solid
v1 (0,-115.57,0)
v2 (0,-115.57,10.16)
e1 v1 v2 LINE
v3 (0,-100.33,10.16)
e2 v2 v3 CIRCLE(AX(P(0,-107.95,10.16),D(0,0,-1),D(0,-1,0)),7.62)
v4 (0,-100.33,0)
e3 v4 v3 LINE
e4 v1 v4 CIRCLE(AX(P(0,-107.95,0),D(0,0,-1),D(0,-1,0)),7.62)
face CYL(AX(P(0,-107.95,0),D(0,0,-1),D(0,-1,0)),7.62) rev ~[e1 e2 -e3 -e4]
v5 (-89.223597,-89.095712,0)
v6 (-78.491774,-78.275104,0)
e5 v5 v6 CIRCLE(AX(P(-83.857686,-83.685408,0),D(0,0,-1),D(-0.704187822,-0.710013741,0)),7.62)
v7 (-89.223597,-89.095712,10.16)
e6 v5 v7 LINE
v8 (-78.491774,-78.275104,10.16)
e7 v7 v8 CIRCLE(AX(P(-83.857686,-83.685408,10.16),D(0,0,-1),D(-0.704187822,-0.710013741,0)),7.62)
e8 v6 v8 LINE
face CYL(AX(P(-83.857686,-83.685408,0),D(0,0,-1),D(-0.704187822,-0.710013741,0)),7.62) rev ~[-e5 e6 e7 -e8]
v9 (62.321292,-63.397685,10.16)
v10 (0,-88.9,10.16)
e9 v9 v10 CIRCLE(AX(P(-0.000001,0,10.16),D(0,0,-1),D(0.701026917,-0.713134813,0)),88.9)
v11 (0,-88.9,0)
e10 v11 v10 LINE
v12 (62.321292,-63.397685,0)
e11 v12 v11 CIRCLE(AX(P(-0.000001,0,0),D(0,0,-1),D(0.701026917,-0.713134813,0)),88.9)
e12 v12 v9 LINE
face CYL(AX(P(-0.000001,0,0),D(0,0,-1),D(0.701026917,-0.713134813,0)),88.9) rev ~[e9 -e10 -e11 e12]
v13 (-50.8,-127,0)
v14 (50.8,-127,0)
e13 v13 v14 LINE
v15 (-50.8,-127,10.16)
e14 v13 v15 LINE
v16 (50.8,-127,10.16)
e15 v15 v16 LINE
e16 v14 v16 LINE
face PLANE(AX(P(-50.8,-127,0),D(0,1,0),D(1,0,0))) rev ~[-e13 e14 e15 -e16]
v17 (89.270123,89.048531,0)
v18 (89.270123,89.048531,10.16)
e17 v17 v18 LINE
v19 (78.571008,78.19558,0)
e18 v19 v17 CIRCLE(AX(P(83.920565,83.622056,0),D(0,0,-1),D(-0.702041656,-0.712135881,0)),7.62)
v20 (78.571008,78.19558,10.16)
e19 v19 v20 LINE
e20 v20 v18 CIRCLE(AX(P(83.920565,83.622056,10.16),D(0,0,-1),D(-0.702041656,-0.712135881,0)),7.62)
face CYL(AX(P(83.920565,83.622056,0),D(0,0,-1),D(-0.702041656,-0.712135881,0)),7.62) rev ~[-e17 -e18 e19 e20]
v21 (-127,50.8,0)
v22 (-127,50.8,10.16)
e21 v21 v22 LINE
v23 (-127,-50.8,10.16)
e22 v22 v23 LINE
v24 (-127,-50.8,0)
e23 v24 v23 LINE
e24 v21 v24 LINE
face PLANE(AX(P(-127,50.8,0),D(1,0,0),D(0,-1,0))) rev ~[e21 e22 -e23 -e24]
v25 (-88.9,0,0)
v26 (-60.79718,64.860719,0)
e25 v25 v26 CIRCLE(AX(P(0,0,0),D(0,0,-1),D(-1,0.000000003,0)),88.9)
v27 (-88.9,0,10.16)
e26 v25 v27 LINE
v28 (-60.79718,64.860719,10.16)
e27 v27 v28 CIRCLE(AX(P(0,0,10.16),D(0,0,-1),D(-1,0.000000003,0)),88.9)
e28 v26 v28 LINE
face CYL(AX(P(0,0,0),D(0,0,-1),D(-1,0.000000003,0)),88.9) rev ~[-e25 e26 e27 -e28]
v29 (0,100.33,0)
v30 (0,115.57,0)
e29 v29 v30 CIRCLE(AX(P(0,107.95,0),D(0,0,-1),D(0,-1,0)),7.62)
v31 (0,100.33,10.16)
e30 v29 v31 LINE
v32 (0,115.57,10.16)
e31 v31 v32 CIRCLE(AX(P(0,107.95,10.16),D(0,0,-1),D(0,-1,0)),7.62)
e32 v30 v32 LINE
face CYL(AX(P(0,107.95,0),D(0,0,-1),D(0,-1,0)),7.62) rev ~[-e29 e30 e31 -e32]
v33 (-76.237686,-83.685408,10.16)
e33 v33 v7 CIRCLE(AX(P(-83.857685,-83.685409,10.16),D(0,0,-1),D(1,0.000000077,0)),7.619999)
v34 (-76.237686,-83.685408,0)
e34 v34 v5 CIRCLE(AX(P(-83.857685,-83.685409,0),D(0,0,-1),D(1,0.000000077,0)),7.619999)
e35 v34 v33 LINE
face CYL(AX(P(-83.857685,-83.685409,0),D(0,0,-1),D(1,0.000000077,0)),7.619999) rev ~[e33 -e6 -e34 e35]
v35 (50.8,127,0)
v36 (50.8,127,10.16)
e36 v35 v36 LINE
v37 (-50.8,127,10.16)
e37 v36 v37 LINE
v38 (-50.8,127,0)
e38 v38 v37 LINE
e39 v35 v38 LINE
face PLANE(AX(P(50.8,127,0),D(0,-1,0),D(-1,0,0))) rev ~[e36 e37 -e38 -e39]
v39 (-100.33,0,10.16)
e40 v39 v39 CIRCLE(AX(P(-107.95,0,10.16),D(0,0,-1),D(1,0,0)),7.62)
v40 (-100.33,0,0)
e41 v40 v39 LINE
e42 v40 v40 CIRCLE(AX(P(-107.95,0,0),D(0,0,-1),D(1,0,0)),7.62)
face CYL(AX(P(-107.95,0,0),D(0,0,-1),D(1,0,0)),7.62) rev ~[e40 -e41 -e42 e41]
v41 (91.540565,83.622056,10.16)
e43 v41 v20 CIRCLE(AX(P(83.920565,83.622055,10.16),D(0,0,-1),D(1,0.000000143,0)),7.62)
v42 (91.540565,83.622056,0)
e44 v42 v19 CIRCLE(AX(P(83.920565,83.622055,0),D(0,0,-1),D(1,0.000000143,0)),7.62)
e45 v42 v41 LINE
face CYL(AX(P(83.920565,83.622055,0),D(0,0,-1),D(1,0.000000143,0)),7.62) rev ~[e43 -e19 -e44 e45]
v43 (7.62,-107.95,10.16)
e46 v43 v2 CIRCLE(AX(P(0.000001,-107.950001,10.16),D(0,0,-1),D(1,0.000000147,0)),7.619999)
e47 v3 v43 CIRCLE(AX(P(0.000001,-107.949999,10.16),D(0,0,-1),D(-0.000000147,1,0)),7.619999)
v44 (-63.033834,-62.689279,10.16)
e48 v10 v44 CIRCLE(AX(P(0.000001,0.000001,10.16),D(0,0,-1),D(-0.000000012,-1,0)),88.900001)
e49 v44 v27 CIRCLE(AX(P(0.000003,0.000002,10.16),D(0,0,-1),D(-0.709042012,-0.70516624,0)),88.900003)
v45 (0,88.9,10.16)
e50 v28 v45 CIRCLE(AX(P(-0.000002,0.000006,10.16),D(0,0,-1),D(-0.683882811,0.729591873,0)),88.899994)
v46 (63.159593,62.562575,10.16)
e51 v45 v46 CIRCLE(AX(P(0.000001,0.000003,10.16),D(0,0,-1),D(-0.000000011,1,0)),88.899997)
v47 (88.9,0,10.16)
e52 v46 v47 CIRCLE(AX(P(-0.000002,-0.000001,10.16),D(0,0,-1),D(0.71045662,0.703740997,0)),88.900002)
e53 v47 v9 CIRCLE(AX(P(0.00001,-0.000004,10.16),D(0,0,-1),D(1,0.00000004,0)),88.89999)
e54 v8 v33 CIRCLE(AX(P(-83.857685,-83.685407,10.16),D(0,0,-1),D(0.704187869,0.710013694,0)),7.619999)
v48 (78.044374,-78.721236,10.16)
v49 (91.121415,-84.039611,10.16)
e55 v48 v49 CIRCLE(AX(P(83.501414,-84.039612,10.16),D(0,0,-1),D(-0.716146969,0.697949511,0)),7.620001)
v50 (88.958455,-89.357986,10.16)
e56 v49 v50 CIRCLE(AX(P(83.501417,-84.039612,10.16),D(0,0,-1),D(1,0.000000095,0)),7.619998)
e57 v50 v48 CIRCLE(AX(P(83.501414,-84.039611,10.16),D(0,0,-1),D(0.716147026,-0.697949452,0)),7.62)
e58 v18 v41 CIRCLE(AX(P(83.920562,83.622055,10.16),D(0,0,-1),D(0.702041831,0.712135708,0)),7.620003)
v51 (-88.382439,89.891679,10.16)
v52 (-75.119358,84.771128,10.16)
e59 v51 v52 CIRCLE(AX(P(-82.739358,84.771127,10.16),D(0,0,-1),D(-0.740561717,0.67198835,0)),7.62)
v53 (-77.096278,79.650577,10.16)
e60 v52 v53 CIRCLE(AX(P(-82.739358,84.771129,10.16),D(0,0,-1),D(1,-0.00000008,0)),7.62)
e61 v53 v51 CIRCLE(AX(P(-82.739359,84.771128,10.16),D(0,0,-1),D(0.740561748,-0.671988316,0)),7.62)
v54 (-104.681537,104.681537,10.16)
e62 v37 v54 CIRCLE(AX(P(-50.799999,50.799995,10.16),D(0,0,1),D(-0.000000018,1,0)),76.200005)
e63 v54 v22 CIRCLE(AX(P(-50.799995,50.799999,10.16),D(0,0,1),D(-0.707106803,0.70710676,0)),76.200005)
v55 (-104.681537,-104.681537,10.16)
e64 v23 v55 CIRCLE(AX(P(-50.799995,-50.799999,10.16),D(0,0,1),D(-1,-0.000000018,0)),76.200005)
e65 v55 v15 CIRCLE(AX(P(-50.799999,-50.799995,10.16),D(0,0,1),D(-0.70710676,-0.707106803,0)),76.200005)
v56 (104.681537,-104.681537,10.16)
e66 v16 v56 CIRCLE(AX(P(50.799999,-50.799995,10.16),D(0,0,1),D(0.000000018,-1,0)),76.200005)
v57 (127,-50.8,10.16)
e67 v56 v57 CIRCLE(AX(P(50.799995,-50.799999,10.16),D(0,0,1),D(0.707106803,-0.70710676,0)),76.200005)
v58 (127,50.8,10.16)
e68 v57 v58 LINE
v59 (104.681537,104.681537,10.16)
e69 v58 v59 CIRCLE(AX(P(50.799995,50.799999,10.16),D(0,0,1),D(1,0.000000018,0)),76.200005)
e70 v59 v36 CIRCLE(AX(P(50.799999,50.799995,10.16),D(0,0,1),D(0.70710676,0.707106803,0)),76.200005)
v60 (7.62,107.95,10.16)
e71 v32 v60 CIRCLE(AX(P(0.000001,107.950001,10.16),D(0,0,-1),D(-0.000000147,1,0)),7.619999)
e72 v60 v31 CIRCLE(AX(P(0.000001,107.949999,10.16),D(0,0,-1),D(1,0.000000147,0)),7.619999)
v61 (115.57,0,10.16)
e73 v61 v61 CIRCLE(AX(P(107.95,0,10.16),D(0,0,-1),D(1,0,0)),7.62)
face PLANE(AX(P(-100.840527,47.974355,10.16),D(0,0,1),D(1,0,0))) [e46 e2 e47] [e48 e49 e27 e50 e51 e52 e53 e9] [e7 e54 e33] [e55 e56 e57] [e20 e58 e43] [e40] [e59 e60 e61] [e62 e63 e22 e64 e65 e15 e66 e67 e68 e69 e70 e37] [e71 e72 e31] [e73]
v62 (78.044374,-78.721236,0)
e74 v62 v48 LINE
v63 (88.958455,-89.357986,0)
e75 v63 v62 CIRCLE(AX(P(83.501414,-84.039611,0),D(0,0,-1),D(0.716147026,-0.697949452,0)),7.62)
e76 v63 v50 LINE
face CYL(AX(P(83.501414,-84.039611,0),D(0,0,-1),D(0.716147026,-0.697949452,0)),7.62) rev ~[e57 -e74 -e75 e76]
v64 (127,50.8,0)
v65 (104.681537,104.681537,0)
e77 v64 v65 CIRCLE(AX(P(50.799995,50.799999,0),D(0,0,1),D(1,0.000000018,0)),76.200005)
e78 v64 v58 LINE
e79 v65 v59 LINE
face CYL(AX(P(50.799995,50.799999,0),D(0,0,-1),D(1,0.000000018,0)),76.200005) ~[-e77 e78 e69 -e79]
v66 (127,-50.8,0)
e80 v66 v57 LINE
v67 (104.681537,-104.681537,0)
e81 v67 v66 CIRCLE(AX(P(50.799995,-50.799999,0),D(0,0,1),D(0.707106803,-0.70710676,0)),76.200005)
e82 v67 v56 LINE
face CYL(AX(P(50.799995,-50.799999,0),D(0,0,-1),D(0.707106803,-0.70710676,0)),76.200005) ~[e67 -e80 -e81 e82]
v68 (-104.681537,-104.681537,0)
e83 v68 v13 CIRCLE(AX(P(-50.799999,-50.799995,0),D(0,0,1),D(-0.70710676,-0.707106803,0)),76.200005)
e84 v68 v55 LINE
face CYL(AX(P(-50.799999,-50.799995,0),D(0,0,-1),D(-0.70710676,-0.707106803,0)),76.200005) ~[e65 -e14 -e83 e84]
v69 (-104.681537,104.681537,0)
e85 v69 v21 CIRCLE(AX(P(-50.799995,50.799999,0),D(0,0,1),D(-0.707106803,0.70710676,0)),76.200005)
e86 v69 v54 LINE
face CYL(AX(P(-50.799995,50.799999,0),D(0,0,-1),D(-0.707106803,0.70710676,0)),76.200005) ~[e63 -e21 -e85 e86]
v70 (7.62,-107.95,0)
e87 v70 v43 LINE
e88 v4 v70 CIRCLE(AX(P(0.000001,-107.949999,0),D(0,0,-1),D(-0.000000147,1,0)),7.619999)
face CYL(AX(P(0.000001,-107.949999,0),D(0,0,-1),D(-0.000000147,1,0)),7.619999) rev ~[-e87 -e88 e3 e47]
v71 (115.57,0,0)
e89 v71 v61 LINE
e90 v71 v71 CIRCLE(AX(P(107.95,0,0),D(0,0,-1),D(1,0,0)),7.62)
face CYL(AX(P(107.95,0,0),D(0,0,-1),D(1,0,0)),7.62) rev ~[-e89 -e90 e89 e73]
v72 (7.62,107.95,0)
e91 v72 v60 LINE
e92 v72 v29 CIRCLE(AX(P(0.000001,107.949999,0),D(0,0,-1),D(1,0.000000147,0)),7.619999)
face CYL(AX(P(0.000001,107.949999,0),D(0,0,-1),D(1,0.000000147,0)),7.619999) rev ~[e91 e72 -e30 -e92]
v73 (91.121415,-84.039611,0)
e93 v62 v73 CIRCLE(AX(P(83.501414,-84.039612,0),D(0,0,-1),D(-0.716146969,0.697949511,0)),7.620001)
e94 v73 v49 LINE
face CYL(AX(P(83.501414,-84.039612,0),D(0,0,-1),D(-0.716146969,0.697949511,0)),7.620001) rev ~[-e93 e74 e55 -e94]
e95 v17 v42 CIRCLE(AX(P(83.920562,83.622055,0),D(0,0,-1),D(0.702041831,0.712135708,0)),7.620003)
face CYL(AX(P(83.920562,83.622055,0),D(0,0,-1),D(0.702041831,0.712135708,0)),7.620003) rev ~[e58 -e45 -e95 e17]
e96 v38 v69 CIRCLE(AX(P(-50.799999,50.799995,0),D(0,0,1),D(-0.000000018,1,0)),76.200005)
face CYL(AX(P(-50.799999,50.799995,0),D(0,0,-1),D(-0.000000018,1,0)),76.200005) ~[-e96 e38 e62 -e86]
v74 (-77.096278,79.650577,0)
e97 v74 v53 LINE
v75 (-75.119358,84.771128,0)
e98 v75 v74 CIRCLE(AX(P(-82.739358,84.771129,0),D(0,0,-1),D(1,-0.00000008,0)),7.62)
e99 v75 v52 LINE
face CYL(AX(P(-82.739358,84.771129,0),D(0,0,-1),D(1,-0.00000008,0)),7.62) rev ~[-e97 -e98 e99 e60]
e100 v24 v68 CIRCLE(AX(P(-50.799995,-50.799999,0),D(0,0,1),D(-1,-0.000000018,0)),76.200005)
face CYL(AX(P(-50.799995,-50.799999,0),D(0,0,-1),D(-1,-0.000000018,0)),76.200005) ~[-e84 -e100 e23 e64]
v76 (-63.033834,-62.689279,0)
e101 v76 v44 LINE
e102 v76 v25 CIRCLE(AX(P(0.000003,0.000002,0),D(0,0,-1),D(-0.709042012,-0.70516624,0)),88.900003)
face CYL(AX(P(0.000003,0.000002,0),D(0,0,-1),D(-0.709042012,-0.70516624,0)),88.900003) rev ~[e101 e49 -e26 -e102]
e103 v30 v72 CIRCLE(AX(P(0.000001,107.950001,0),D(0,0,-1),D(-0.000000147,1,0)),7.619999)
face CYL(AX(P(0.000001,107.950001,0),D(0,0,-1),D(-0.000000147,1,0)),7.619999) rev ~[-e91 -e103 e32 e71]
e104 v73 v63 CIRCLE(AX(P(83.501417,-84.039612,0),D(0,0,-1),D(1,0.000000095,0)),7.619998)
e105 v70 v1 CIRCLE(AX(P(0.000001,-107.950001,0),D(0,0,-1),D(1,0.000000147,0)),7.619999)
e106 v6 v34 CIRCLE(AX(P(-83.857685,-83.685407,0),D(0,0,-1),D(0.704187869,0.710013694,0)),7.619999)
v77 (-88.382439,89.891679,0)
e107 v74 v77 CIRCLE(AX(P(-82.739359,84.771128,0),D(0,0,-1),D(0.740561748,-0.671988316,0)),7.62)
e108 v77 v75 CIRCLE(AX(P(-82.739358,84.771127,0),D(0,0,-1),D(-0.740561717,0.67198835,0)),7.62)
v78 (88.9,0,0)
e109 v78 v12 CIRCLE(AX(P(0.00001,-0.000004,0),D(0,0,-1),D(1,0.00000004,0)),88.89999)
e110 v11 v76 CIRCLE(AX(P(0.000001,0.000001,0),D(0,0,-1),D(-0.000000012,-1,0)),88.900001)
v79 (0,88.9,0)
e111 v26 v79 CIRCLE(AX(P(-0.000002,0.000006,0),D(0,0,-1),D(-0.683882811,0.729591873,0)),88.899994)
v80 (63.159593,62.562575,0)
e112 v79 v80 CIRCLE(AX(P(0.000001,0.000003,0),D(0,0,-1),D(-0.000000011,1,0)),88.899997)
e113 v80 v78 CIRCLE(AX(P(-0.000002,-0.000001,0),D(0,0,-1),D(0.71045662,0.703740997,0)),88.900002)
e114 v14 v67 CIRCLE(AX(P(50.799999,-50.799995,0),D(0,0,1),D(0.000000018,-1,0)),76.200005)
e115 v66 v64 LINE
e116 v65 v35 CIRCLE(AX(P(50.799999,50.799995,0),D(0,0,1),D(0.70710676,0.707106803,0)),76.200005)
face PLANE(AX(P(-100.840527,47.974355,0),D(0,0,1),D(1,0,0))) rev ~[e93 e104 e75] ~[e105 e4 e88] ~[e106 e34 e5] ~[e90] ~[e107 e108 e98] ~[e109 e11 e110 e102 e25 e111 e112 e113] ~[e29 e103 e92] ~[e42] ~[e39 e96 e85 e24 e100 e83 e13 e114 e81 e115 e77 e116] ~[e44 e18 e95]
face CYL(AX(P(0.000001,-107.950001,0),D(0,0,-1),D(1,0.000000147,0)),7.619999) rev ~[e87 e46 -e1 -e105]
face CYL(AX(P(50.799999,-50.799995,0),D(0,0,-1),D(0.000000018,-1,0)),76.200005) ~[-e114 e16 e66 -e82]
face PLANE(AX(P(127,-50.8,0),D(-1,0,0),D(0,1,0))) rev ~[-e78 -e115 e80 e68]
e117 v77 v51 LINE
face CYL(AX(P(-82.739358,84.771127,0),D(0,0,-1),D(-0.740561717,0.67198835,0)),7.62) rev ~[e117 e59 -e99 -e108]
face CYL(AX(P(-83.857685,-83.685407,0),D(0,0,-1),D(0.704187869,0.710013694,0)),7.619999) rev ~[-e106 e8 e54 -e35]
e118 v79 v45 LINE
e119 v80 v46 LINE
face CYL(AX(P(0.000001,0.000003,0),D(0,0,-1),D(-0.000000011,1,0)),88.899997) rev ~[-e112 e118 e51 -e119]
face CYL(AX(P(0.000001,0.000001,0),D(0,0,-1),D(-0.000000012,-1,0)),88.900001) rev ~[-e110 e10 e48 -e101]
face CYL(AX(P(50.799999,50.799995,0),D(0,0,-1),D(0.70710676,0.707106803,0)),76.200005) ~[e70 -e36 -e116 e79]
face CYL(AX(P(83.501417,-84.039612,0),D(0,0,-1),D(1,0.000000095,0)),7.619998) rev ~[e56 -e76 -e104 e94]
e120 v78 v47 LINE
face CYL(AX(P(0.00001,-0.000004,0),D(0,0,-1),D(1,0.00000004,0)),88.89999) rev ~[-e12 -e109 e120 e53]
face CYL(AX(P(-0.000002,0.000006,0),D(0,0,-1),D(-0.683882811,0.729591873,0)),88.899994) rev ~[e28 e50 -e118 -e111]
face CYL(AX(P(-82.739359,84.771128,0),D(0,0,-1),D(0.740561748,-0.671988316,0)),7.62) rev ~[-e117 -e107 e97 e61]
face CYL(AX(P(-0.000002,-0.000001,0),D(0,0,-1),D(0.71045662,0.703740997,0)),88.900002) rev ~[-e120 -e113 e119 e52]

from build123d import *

# Parameters (mm, degrees)
F1_DEPTH = 10.16


with BuildPart() as f1:
    # F0 (on Top) → F1 (new body)
    with BuildSketch(Plane.XY):
        with BuildLine():
            Line((-127, 50.8), (-127, 0))
            Line((-127, 0), (-115.57, 0))
            ThreePointArc((-115.57, 0), (-107.95, 7.62), (-100.33, 0))
            Line((-100.33, 0), (-88.9, 0))
            ThreePointArc((-88.9, 0), (-81.572297, 35.343604), (-60.79718, 64.860719))
            Line((-60.79718, 64.860719), (-77.096278, 79.650577))
            ThreePointArc((-77.096278, 79.650577), (-87.859909, 79.128047), (-88.382439, 89.891679))
            Line((-88.382439, 89.891679), (-104.681537, 104.681537))
            ThreePointArc((-104.681537, 104.681537), (-121.19962, 79.960478), (-127, 50.8))
        make_face()
        with BuildLine():
            ThreePointArc((-50.8, 127), (-79.960478, 121.19962), (-104.681537, 104.681537))
            Line((-104.681537, 104.681537), (-88.382439, 89.891679))
            ThreePointArc((-88.382439, 89.891679), (-79.994898, 91.879738), (-75.119358, 84.771128))
            ThreePointArc((-75.119358, 84.771128), (-75.630748, 82.026668), (-77.096278, 79.650577))
            Line((-77.096278, 79.650577), (-60.79718, 64.860719))
            ThreePointArc((-60.79718, 64.860719), (-32.688622, 82.672027), (0, 88.9))
            Line((0, 88.9), (0, 100.33))
            ThreePointArc((0, 100.33), (-7.62, 107.95), (0, 115.57))
            Line((0, 115.57), (0, 127))
            Line((0, 127), (-50.8, 127))
        make_face()
        with BuildLine():
            Line((89.270123, 89.048531), (104.681537, 104.681537))
            ThreePointArc((104.681537, 104.681537), (79.960478, 121.19962), (50.8, 127))
            Line((50.8, 127), (0, 127))
            Line((0, 127), (0, 115.57))
            ThreePointArc((0, 115.57), (5.388154, 113.338154), (7.62, 107.95))
            ThreePointArc((7.62, 107.95), (5.388154, 102.561846), (0, 100.33))
            Line((0, 100.33), (0, 88.9))
            ThreePointArc((0, 88.9), (34.215472, 82.051883), (63.159593, 62.562575))
            Line((63.159593, 62.562575), (78.571008, 78.19558))
            ThreePointArc((78.571008, 78.19558), (78.49409, 88.971613), (89.270123, 89.048531))
        make_face()
        with BuildLine():
            Line((115.57, 0), (127, 0))
            Line((127, 0), (127, 50.8))
            ThreePointArc((127, 50.8), (121.19962, 79.960478), (104.681537, 104.681537))
            Line((104.681537, 104.681537), (89.270123, 89.048531))
            ThreePointArc((89.270123, 89.048531), (90.950075, 86.56321), (91.540565, 83.622056))
            ThreePointArc((91.540565, 83.622056), (86.861719, 76.592545), (78.571008, 78.19558))
            Line((78.571008, 78.19558), (63.159593, 62.562575))
            ThreePointArc((63.159593, 62.562575), (82.213435, 33.82545), (88.9, 0))
            Line((88.9, 0), (100.33, 0))
            ThreePointArc((100.33, 0), (107.95, 7.62), (115.57, 0))
        make_face()
        with BuildLine():
            Line((88.958455, -89.357986), (104.681537, -104.681537))
            ThreePointArc((104.681537, -104.681537), (121.19962, -79.960478), (127, -50.8))
            Line((127, -50.8), (127, 0))
            Line((127, 0), (115.57, 0))
            ThreePointArc((115.57, 0), (107.95, -7.62), (100.33, 0))
            Line((100.33, 0), (88.9, 0))
            ThreePointArc((88.9, 0), (81.986502, -34.371843), (62.321292, -63.397685))
            Line((62.321292, -63.397685), (78.044374, -78.721236))
            ThreePointArc((78.044374, -78.721236), (86.372107, -76.981033), (91.121415, -84.039611))
            ThreePointArc((91.121415, -84.039611), (90.559993, -86.910304), (88.958455, -89.357986))
        make_face()
        with BuildLine():
            Line((0, -115.57), (0, -127))
            Line((0, -127), (50.8, -127))
            ThreePointArc((50.8, -127), (79.960478, -121.19962), (104.681537, -104.681537))
            Line((104.681537, -104.681537), (88.958455, -89.357986))
            ThreePointArc((88.958455, -89.357986), (78.18304, -89.496652), (78.044374, -78.721236))
            Line((78.044374, -78.721236), (62.321292, -63.397685))
            ThreePointArc((62.321292, -63.397685), (33.668648, -82.277774), (0, -88.9))
            Line((0, -88.9), (0, -100.33))
            ThreePointArc((0, -100.33), (5.388154, -102.561846), (7.62, -107.95))
            ThreePointArc((7.62, -107.95), (5.388154, -113.338154), (0, -115.57))
        make_face()
        with BuildLine():
            ThreePointArc((-104.681537, -104.681537), (-79.960478, -121.19962), (-50.8, -127))
            Line((-50.8, -127), (0, -127))
            Line((0, -127), (0, -115.57))
            ThreePointArc((0, -115.57), (-7.62, -107.95), (0, -100.33))
            Line((0, -100.33), (0, -88.9))
            ThreePointArc((0, -88.9), (-34.133071, -82.086195), (-63.033834, -62.689279))
            Line((-63.033834, -62.689279), (-78.491774, -78.275104))
            ThreePointArc((-78.491774, -78.275104), (-76.823745, -80.754866), (-76.237686, -83.685408))
            ThreePointArc((-76.237686, -83.685408), (-80.927144, -90.719349), (-89.223597, -89.095712))
            Line((-89.223597, -89.095712), (-104.681537, -104.681537))
        make_face()
        with BuildLine():
            ThreePointArc((-127, -50.8), (-121.19962, -79.960478), (-104.681537, -104.681537))
            Line((-104.681537, -104.681537), (-89.223597, -89.095712))
            ThreePointArc((-89.223597, -89.095712), (-89.26799, -78.319496), (-78.491774, -78.275104))
            Line((-78.491774, -78.275104), (-63.033834, -62.689279))
            ThreePointArc((-63.033834, -62.689279), (-82.179431, -33.907979), (-88.9, 0))
            Line((-88.9, 0), (-100.33, 0))
            ThreePointArc((-100.33, 0), (-107.95, -7.62), (-115.57, 0))
            Line((-115.57, 0), (-127, 0))
            Line((-127, 0), (-127, -50.8))
        make_face()
    extrude(amount=F1_DEPTH)


solid = f1.part
